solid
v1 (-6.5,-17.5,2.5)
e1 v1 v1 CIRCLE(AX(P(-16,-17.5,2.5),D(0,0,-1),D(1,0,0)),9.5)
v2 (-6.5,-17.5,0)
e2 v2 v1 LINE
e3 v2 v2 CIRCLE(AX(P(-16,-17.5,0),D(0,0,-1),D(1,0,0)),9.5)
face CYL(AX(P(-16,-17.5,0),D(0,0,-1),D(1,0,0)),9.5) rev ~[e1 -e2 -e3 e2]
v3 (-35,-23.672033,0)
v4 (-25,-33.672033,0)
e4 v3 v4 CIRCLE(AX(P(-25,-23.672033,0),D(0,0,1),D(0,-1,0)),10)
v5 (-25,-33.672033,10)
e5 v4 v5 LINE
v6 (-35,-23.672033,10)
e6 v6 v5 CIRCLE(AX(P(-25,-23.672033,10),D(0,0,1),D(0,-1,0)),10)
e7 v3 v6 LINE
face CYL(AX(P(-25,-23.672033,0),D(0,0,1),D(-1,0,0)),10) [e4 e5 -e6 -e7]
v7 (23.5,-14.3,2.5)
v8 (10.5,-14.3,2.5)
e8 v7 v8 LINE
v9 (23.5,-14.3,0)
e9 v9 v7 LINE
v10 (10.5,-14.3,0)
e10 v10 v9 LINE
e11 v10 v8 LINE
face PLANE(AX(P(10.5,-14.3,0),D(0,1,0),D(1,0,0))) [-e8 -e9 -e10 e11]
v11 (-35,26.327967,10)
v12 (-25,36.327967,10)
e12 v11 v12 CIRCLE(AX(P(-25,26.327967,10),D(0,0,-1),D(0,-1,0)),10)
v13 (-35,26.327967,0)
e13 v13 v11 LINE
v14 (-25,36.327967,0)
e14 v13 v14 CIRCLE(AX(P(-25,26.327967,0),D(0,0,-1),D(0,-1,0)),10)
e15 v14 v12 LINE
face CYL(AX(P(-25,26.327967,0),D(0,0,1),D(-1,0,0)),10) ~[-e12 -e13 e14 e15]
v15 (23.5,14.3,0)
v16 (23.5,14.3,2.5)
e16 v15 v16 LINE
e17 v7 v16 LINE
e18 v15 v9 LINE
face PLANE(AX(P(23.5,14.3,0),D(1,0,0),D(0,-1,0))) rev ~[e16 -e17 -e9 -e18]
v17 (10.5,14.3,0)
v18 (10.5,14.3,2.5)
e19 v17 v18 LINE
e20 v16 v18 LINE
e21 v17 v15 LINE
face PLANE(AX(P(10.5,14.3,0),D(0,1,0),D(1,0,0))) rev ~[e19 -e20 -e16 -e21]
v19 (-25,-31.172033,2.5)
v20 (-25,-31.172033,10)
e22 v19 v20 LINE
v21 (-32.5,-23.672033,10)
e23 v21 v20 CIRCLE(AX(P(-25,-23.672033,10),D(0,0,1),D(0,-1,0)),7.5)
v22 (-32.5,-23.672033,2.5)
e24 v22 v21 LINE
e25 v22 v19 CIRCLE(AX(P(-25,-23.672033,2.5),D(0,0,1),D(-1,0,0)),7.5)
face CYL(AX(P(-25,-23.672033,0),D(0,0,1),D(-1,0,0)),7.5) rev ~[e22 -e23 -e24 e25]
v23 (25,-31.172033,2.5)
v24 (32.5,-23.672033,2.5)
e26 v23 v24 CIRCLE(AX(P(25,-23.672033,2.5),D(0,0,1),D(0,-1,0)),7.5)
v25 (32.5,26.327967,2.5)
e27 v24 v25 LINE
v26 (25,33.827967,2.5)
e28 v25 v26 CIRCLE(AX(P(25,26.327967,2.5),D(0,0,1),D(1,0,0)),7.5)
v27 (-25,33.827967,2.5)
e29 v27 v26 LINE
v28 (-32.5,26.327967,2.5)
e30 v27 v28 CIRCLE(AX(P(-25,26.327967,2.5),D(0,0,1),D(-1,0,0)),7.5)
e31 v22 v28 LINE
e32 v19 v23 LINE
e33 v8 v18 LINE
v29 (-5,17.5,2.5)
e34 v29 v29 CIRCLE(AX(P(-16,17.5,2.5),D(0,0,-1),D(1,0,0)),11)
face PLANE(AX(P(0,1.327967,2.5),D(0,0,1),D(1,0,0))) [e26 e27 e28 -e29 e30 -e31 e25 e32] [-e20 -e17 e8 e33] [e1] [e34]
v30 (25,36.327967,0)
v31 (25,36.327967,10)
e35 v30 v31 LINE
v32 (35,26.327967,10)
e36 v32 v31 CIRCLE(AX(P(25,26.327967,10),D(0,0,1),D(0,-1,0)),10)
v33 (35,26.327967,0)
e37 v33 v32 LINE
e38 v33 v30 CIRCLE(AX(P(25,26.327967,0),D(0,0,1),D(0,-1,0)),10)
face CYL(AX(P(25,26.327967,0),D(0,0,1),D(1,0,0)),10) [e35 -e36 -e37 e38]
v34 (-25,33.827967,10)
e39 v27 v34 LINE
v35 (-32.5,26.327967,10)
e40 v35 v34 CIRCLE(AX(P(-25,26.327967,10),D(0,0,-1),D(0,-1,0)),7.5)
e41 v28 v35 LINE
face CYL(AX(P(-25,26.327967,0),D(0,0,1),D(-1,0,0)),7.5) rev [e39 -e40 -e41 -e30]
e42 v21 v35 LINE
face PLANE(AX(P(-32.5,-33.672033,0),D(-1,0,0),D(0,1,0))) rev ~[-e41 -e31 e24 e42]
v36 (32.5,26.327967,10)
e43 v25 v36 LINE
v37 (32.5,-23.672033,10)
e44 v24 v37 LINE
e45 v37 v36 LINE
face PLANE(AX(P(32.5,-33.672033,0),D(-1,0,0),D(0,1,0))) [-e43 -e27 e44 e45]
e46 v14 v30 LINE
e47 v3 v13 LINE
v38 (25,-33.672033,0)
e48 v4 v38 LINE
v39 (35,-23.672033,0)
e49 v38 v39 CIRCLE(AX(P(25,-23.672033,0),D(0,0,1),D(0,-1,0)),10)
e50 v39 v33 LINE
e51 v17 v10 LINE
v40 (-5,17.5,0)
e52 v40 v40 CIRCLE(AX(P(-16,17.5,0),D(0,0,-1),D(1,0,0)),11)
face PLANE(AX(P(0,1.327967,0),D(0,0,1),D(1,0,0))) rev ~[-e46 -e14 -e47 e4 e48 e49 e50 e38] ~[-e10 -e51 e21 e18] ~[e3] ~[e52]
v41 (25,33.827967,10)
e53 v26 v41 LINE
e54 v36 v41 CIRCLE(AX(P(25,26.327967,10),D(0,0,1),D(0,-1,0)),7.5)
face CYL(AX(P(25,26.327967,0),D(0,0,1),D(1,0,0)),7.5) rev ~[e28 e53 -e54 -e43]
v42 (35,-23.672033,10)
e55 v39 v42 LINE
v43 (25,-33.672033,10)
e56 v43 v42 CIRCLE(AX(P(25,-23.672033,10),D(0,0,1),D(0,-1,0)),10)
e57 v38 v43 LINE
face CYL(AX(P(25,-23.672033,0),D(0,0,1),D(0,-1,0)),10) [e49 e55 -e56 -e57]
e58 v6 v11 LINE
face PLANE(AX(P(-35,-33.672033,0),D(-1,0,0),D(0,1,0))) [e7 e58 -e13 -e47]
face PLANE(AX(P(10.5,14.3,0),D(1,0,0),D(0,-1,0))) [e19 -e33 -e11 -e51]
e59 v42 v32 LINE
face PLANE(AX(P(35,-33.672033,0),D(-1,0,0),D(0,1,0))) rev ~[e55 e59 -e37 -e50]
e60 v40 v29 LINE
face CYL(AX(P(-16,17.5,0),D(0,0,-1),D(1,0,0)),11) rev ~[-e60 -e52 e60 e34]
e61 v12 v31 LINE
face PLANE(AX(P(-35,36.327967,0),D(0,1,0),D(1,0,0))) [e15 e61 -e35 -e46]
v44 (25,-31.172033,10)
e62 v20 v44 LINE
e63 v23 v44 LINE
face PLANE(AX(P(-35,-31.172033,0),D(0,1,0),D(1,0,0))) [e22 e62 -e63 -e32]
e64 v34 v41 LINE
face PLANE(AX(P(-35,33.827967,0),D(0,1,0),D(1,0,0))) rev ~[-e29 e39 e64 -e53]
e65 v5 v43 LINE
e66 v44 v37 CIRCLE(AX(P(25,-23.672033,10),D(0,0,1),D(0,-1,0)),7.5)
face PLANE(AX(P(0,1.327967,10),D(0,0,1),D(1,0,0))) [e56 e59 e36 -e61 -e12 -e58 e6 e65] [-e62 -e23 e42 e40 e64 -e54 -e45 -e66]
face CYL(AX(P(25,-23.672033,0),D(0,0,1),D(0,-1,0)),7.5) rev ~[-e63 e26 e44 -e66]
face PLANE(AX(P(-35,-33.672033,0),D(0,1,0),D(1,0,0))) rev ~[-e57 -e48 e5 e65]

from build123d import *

# Parameters (mm, degrees)
F0_W     = 70
F0_H     = 70
F1_DEPTH = 10
F2_R     = 10
F3_T     = -2.5
F4_W     = 13
F4_H     = 28.6
F4_R     = 11
F4_R_2   = 9.5
F5_DEPTH = 25


with BuildPart() as f1:
    # F0 (on Top) → F1 (new body)
    with BuildSketch(Plane.XY):
        with Locations((0, 1.327967)):
            Rectangle(F0_W, F0_H)
    extrude(amount=F1_DEPTH)

    # F2
    f2_edges = [f1.edges().sort_by_distance(p)[0] for p in [
        (35, 36.327967, 5),
        (35, -33.672033, 5),
        (-35, 36.327967, 5),
        (-35, -33.672033, 5),
    ]]
    fillet(f2_edges, radius=F2_R)

    # F3
    f3_openings = [f1.faces().sort_by_distance(p)[0] for p in [
        (0, 1.327967, 10),
    ]]
    offset(amount=F3_T, openings=f3_openings)

    # F4 (on face) → F5 (cut)
    with BuildSketch(Plane(origin=(0, 0, 0), x_dir=(1, 0, 0), z_dir=(0, 0, -1))):
        with Locations((17, 0)):
            Rectangle(F4_W, F4_H)
        with Locations((-16, -17.5)):
            Circle(F4_R)
        with Locations((-16, 17.5)):
            Circle(F4_R_2)
    extrude(amount=-F5_DEPTH, mode=Mode.SUBTRACT)


solid = f1.part
